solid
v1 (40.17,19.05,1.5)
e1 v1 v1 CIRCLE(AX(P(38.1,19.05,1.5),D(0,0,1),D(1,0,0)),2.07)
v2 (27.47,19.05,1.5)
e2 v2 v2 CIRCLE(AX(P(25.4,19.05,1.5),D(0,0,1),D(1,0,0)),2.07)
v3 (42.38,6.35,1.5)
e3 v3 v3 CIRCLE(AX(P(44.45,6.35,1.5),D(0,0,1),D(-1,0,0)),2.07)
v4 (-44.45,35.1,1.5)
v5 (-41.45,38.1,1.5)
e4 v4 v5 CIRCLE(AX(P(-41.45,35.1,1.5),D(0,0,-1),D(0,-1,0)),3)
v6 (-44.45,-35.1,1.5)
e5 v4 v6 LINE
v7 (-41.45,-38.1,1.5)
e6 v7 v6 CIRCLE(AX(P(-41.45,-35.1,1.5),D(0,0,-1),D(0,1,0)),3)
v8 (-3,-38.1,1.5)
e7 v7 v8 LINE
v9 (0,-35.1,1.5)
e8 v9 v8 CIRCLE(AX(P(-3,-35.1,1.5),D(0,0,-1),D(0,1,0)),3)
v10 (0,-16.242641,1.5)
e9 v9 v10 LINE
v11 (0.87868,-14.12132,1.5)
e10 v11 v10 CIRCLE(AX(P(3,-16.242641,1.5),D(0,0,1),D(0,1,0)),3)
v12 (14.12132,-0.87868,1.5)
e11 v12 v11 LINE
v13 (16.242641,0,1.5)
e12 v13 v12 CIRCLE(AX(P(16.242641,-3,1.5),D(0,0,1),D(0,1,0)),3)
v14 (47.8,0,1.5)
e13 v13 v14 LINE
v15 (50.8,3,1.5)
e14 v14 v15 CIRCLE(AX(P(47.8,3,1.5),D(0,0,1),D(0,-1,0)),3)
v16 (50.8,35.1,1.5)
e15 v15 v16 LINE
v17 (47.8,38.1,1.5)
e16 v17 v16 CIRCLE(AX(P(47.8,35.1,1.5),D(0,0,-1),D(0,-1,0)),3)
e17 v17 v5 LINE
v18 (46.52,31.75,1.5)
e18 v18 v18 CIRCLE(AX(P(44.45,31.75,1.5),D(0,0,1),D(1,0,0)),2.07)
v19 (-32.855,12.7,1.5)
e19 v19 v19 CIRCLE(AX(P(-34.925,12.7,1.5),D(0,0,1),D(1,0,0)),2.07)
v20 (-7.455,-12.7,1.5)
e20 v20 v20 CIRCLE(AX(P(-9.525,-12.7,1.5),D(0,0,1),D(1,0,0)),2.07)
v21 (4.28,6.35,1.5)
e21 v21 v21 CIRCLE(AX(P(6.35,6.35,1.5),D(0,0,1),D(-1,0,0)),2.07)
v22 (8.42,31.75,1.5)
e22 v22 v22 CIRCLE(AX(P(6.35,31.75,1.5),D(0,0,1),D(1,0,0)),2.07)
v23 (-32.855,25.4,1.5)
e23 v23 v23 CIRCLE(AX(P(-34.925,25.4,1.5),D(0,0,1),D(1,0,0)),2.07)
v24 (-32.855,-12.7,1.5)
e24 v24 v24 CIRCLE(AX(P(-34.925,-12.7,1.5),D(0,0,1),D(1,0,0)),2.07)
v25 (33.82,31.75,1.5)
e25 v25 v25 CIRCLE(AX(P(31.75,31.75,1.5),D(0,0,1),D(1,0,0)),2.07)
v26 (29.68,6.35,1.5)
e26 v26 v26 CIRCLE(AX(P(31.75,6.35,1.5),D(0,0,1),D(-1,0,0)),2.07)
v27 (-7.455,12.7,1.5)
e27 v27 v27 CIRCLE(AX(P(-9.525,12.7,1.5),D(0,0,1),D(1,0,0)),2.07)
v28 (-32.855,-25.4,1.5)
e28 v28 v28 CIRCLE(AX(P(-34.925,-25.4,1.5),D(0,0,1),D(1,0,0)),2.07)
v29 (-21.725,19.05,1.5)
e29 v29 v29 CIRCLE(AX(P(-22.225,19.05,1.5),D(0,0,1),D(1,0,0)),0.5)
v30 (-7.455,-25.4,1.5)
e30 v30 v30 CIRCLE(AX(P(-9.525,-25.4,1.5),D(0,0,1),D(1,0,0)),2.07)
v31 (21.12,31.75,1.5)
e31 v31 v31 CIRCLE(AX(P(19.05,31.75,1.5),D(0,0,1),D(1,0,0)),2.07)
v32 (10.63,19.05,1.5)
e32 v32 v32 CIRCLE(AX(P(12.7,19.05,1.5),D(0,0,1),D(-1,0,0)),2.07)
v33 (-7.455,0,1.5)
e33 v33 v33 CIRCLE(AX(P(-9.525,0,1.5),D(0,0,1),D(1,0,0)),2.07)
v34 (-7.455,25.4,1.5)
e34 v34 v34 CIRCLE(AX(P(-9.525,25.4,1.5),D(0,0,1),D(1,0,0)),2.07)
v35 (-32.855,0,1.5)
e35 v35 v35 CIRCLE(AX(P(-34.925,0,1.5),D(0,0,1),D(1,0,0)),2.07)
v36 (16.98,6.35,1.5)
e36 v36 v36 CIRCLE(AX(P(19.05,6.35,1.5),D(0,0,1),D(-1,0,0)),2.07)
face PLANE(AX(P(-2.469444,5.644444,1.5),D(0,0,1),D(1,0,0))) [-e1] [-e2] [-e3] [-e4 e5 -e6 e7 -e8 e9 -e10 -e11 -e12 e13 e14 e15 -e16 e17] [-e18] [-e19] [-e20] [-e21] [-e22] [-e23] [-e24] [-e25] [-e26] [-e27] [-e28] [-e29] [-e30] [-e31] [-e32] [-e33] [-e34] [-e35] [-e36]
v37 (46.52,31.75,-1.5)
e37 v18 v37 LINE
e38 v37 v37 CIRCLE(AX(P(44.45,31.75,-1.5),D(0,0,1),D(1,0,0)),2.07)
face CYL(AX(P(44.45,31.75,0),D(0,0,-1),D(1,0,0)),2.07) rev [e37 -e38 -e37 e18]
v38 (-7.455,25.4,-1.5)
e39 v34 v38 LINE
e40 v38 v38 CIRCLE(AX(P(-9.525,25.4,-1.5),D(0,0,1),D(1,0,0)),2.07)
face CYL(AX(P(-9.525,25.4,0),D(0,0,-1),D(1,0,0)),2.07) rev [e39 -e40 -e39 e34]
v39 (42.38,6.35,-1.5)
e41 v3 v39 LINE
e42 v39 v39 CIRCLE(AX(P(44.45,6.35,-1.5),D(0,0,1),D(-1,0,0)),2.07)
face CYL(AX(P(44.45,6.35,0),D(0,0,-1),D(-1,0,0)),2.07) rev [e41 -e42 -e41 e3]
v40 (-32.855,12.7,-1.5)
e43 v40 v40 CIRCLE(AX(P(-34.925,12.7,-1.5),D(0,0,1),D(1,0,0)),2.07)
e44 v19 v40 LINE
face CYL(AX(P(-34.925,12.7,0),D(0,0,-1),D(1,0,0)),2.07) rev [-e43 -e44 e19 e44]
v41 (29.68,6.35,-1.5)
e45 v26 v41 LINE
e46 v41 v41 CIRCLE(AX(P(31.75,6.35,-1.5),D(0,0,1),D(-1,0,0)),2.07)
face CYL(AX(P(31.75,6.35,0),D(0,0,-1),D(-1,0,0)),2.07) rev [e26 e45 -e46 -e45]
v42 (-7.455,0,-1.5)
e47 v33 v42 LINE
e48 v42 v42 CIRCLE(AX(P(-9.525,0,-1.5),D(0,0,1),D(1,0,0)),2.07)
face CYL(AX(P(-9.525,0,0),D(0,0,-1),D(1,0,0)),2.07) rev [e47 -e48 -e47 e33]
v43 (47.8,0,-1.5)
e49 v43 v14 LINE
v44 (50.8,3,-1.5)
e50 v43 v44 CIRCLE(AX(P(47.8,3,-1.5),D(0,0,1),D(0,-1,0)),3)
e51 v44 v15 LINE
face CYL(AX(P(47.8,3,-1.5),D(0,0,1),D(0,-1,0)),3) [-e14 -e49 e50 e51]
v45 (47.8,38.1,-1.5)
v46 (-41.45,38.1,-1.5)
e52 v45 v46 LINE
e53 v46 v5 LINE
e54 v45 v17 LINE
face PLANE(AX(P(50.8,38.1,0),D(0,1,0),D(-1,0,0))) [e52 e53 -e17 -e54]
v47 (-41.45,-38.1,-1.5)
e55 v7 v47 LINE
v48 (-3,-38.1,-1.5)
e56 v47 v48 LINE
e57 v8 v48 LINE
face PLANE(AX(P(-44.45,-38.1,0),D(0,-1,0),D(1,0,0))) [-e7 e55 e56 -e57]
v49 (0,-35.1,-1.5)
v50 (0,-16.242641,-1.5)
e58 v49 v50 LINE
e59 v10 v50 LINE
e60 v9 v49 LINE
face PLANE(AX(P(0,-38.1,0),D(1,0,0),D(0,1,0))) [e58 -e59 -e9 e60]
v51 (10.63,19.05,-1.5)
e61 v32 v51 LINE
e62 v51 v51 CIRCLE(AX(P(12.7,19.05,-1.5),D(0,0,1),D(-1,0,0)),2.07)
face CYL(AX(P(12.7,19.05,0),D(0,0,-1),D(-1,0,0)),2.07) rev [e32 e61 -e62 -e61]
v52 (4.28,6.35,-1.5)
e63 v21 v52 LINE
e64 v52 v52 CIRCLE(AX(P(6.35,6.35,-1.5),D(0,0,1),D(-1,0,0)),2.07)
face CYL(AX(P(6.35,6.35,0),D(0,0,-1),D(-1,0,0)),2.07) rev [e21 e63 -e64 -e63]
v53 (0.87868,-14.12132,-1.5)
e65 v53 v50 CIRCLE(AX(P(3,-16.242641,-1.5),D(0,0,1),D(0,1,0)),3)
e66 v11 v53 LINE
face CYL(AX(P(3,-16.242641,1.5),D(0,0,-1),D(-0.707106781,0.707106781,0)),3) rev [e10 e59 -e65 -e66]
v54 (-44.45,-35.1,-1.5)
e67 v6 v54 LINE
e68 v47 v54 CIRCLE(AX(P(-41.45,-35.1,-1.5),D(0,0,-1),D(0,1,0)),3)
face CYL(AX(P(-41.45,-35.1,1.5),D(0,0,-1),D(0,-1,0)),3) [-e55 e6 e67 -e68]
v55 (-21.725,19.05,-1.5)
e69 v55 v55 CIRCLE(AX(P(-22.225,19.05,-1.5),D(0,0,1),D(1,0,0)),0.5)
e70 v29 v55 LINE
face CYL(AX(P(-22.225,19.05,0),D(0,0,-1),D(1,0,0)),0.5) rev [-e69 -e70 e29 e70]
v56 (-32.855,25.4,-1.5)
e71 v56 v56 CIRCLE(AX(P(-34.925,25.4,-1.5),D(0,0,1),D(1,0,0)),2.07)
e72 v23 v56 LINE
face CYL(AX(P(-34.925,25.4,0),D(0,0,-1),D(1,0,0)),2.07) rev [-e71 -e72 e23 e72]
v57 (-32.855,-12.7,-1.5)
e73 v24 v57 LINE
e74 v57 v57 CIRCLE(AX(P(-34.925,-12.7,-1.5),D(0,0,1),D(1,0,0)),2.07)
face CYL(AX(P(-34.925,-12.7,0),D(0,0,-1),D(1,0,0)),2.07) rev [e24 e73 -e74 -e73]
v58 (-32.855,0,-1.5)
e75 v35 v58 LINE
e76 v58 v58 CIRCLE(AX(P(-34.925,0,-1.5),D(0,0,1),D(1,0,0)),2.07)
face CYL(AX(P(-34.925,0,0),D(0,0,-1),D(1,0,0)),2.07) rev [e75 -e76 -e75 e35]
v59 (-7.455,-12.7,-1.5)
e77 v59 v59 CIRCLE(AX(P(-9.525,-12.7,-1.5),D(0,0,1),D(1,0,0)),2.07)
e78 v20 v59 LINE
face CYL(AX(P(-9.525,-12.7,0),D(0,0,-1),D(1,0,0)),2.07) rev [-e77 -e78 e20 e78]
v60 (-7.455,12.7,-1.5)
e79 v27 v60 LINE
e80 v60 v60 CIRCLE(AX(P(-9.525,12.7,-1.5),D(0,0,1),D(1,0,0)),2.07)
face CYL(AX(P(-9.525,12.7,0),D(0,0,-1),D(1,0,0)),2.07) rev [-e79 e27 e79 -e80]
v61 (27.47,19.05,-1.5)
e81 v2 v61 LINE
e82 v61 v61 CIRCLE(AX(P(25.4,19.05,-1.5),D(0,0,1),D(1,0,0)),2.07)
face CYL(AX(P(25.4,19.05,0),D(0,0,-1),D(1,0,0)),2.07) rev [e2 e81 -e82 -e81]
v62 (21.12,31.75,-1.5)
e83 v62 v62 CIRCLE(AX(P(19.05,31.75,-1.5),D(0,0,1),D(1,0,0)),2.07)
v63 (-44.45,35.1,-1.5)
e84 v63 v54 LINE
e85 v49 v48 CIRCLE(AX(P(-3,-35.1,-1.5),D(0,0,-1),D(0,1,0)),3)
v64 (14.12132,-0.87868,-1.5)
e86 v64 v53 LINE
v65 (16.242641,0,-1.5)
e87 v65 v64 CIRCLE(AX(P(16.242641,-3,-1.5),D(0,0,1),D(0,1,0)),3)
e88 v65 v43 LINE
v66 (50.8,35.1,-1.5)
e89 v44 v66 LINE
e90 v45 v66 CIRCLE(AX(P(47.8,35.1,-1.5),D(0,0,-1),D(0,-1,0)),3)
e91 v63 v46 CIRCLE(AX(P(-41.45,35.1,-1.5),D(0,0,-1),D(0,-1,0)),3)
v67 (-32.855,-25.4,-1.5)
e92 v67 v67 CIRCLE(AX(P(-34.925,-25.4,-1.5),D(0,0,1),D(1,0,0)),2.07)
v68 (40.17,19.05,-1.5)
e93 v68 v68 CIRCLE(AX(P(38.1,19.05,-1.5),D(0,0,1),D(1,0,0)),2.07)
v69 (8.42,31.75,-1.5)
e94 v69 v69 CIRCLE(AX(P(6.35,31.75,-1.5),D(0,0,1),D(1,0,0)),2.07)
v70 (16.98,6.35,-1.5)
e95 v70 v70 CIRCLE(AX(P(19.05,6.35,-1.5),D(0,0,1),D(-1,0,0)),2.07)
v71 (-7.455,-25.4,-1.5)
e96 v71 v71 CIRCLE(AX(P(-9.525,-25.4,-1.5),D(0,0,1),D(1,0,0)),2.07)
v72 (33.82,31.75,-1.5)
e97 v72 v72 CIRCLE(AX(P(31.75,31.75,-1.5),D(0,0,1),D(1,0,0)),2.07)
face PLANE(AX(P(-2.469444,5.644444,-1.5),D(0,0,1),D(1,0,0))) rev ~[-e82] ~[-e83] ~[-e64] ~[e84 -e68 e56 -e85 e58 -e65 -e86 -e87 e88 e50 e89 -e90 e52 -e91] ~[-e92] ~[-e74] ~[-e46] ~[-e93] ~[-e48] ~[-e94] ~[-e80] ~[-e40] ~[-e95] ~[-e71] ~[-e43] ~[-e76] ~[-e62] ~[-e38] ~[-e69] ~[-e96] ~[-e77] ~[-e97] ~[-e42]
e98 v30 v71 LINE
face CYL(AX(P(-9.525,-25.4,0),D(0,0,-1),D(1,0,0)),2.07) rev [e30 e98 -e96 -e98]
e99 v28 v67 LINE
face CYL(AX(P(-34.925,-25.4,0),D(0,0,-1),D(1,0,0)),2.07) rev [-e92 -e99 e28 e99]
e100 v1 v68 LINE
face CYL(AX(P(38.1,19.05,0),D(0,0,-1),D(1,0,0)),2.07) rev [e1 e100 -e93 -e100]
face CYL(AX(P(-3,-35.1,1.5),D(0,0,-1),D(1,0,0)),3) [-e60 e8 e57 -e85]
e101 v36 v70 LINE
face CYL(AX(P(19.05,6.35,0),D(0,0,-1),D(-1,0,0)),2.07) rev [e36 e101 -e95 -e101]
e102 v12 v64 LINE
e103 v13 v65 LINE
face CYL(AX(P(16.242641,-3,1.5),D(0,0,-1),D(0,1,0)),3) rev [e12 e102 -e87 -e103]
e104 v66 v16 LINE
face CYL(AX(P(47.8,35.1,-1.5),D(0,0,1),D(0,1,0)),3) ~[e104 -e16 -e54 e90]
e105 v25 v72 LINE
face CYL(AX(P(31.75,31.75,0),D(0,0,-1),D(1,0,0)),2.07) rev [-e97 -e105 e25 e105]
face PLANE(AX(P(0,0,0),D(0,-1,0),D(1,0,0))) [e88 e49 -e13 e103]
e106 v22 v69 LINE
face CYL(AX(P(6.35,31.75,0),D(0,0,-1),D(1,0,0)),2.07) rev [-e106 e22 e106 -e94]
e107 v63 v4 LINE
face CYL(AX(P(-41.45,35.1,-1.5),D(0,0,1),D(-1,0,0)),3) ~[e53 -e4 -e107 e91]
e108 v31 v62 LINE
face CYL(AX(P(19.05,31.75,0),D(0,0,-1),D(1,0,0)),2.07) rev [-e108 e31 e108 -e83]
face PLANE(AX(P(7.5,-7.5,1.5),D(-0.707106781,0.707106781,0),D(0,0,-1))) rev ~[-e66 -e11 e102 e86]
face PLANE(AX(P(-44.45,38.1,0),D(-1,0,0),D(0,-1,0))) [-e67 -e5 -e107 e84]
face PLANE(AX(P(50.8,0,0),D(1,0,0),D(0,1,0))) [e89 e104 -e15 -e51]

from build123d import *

# Parameters (mm, degrees)
SKETCH1_R           = 0.5
SKETCH1_R_2         = 2.07
BOSS_EXTRUDE1_DEPTH = 1.5
FILLET1_R           = 3
CHAMFER1_SIZE       = 15
FILLET2_R           = 3


with BuildPart() as part:
    # Sketch1 → Boss-Extrude1 (new, symmetric)
    with BuildSketch(Plane.XY):
        Polygon((0, 0), (50.8, 0), (50.8, 38.1), (-44.45, 38.1), (-44.45, -38.1), (0, -38.1), align=None)
        with Locations((-22.225, 19.05)):
            Circle(SKETCH1_R, mode=Mode.SUBTRACT)
        with Locations((44.45, 31.75)):
            Circle(SKETCH1_R_2, mode=Mode.SUBTRACT)
        with Locations((31.75, 31.75)):
            Circle(SKETCH1_R_2, mode=Mode.SUBTRACT)
        with Locations((19.05, 31.75)):
            Circle(SKETCH1_R_2, mode=Mode.SUBTRACT)
        with Locations((6.35, 31.75)):
            Circle(SKETCH1_R_2, mode=Mode.SUBTRACT)
        with Locations(Location((6.35, 6.35, 0), (0, 0, 180))):
            Circle(SKETCH1_R_2, mode=Mode.SUBTRACT)
        with Locations(Location((19.05, 6.35, 0), (0, 0, 180))):
            Circle(SKETCH1_R_2, mode=Mode.SUBTRACT)
        with Locations(Location((31.75, 6.35, 0), (0, 0, 180))):
            Circle(SKETCH1_R_2, mode=Mode.SUBTRACT)
        with Locations(Location((44.45, 6.35, 0), (0, 0, 180))):
            Circle(SKETCH1_R_2, mode=Mode.SUBTRACT)
        with Locations((25.4, 19.05)):
            Circle(SKETCH1_R_2, mode=Mode.SUBTRACT)
        with Locations((38.1, 19.05)):
            Circle(SKETCH1_R_2, mode=Mode.SUBTRACT)
        with Locations(Location((12.7, 19.05, 0), (0, 0, 180))):
            Circle(SKETCH1_R_2, mode=Mode.SUBTRACT)
        with Locations((-34.925, -25.4)):
            Circle(SKETCH1_R_2, mode=Mode.SUBTRACT)
        with Locations((-9.525, -25.4)):
            Circle(SKETCH1_R_2, mode=Mode.SUBTRACT)
        with Locations((-34.925, -12.7)):
            Circle(SKETCH1_R_2, mode=Mode.SUBTRACT)
        with Locations((-9.525, -12.7)):
            Circle(SKETCH1_R_2, mode=Mode.SUBTRACT)
        with Locations((-34.925, 0)):
            Circle(SKETCH1_R_2, mode=Mode.SUBTRACT)
        with Locations((-9.525, 0)):
            Circle(SKETCH1_R_2, mode=Mode.SUBTRACT)
        with Locations((-34.925, 12.7)):
            Circle(SKETCH1_R_2, mode=Mode.SUBTRACT)
        with Locations((-9.525, 12.7)):
            Circle(SKETCH1_R_2, mode=Mode.SUBTRACT)
        with Locations((-34.925, 25.4)):
            Circle(SKETCH1_R_2, mode=Mode.SUBTRACT)
        with Locations((-9.525, 25.4)):
            Circle(SKETCH1_R_2, mode=Mode.SUBTRACT)
    extrude(amount=BOSS_EXTRUDE1_DEPTH, both=True)

    # Fillet1
    fillet1_edges = [part.edges().sort_by_distance(p)[0] for p in [
        (0, -38.1, 0),
        (-44.45, -38.1, 0),
        (-44.45, 38.1, 0),
        (50.8, 38.1, 0),
        (50.8, 0, 0),
    ]]
    fillet(fillet1_edges, radius=FILLET1_R)

    # Chamfer1
    chamfer1_edges = [part.edges().sort_by_distance(p)[0] for p in [
        (0, 0, 0),
    ]]
    chamfer(chamfer1_edges, length=CHAMFER1_SIZE)

    # Fillet2
    fillet2_edges = [part.edges().sort_by_distance(p)[0] for p in [
        (15, 0, 0),
        (0, -15, 0),
    ]]
    fillet(fillet2_edges, radius=FILLET2_R)


solid = part.part
